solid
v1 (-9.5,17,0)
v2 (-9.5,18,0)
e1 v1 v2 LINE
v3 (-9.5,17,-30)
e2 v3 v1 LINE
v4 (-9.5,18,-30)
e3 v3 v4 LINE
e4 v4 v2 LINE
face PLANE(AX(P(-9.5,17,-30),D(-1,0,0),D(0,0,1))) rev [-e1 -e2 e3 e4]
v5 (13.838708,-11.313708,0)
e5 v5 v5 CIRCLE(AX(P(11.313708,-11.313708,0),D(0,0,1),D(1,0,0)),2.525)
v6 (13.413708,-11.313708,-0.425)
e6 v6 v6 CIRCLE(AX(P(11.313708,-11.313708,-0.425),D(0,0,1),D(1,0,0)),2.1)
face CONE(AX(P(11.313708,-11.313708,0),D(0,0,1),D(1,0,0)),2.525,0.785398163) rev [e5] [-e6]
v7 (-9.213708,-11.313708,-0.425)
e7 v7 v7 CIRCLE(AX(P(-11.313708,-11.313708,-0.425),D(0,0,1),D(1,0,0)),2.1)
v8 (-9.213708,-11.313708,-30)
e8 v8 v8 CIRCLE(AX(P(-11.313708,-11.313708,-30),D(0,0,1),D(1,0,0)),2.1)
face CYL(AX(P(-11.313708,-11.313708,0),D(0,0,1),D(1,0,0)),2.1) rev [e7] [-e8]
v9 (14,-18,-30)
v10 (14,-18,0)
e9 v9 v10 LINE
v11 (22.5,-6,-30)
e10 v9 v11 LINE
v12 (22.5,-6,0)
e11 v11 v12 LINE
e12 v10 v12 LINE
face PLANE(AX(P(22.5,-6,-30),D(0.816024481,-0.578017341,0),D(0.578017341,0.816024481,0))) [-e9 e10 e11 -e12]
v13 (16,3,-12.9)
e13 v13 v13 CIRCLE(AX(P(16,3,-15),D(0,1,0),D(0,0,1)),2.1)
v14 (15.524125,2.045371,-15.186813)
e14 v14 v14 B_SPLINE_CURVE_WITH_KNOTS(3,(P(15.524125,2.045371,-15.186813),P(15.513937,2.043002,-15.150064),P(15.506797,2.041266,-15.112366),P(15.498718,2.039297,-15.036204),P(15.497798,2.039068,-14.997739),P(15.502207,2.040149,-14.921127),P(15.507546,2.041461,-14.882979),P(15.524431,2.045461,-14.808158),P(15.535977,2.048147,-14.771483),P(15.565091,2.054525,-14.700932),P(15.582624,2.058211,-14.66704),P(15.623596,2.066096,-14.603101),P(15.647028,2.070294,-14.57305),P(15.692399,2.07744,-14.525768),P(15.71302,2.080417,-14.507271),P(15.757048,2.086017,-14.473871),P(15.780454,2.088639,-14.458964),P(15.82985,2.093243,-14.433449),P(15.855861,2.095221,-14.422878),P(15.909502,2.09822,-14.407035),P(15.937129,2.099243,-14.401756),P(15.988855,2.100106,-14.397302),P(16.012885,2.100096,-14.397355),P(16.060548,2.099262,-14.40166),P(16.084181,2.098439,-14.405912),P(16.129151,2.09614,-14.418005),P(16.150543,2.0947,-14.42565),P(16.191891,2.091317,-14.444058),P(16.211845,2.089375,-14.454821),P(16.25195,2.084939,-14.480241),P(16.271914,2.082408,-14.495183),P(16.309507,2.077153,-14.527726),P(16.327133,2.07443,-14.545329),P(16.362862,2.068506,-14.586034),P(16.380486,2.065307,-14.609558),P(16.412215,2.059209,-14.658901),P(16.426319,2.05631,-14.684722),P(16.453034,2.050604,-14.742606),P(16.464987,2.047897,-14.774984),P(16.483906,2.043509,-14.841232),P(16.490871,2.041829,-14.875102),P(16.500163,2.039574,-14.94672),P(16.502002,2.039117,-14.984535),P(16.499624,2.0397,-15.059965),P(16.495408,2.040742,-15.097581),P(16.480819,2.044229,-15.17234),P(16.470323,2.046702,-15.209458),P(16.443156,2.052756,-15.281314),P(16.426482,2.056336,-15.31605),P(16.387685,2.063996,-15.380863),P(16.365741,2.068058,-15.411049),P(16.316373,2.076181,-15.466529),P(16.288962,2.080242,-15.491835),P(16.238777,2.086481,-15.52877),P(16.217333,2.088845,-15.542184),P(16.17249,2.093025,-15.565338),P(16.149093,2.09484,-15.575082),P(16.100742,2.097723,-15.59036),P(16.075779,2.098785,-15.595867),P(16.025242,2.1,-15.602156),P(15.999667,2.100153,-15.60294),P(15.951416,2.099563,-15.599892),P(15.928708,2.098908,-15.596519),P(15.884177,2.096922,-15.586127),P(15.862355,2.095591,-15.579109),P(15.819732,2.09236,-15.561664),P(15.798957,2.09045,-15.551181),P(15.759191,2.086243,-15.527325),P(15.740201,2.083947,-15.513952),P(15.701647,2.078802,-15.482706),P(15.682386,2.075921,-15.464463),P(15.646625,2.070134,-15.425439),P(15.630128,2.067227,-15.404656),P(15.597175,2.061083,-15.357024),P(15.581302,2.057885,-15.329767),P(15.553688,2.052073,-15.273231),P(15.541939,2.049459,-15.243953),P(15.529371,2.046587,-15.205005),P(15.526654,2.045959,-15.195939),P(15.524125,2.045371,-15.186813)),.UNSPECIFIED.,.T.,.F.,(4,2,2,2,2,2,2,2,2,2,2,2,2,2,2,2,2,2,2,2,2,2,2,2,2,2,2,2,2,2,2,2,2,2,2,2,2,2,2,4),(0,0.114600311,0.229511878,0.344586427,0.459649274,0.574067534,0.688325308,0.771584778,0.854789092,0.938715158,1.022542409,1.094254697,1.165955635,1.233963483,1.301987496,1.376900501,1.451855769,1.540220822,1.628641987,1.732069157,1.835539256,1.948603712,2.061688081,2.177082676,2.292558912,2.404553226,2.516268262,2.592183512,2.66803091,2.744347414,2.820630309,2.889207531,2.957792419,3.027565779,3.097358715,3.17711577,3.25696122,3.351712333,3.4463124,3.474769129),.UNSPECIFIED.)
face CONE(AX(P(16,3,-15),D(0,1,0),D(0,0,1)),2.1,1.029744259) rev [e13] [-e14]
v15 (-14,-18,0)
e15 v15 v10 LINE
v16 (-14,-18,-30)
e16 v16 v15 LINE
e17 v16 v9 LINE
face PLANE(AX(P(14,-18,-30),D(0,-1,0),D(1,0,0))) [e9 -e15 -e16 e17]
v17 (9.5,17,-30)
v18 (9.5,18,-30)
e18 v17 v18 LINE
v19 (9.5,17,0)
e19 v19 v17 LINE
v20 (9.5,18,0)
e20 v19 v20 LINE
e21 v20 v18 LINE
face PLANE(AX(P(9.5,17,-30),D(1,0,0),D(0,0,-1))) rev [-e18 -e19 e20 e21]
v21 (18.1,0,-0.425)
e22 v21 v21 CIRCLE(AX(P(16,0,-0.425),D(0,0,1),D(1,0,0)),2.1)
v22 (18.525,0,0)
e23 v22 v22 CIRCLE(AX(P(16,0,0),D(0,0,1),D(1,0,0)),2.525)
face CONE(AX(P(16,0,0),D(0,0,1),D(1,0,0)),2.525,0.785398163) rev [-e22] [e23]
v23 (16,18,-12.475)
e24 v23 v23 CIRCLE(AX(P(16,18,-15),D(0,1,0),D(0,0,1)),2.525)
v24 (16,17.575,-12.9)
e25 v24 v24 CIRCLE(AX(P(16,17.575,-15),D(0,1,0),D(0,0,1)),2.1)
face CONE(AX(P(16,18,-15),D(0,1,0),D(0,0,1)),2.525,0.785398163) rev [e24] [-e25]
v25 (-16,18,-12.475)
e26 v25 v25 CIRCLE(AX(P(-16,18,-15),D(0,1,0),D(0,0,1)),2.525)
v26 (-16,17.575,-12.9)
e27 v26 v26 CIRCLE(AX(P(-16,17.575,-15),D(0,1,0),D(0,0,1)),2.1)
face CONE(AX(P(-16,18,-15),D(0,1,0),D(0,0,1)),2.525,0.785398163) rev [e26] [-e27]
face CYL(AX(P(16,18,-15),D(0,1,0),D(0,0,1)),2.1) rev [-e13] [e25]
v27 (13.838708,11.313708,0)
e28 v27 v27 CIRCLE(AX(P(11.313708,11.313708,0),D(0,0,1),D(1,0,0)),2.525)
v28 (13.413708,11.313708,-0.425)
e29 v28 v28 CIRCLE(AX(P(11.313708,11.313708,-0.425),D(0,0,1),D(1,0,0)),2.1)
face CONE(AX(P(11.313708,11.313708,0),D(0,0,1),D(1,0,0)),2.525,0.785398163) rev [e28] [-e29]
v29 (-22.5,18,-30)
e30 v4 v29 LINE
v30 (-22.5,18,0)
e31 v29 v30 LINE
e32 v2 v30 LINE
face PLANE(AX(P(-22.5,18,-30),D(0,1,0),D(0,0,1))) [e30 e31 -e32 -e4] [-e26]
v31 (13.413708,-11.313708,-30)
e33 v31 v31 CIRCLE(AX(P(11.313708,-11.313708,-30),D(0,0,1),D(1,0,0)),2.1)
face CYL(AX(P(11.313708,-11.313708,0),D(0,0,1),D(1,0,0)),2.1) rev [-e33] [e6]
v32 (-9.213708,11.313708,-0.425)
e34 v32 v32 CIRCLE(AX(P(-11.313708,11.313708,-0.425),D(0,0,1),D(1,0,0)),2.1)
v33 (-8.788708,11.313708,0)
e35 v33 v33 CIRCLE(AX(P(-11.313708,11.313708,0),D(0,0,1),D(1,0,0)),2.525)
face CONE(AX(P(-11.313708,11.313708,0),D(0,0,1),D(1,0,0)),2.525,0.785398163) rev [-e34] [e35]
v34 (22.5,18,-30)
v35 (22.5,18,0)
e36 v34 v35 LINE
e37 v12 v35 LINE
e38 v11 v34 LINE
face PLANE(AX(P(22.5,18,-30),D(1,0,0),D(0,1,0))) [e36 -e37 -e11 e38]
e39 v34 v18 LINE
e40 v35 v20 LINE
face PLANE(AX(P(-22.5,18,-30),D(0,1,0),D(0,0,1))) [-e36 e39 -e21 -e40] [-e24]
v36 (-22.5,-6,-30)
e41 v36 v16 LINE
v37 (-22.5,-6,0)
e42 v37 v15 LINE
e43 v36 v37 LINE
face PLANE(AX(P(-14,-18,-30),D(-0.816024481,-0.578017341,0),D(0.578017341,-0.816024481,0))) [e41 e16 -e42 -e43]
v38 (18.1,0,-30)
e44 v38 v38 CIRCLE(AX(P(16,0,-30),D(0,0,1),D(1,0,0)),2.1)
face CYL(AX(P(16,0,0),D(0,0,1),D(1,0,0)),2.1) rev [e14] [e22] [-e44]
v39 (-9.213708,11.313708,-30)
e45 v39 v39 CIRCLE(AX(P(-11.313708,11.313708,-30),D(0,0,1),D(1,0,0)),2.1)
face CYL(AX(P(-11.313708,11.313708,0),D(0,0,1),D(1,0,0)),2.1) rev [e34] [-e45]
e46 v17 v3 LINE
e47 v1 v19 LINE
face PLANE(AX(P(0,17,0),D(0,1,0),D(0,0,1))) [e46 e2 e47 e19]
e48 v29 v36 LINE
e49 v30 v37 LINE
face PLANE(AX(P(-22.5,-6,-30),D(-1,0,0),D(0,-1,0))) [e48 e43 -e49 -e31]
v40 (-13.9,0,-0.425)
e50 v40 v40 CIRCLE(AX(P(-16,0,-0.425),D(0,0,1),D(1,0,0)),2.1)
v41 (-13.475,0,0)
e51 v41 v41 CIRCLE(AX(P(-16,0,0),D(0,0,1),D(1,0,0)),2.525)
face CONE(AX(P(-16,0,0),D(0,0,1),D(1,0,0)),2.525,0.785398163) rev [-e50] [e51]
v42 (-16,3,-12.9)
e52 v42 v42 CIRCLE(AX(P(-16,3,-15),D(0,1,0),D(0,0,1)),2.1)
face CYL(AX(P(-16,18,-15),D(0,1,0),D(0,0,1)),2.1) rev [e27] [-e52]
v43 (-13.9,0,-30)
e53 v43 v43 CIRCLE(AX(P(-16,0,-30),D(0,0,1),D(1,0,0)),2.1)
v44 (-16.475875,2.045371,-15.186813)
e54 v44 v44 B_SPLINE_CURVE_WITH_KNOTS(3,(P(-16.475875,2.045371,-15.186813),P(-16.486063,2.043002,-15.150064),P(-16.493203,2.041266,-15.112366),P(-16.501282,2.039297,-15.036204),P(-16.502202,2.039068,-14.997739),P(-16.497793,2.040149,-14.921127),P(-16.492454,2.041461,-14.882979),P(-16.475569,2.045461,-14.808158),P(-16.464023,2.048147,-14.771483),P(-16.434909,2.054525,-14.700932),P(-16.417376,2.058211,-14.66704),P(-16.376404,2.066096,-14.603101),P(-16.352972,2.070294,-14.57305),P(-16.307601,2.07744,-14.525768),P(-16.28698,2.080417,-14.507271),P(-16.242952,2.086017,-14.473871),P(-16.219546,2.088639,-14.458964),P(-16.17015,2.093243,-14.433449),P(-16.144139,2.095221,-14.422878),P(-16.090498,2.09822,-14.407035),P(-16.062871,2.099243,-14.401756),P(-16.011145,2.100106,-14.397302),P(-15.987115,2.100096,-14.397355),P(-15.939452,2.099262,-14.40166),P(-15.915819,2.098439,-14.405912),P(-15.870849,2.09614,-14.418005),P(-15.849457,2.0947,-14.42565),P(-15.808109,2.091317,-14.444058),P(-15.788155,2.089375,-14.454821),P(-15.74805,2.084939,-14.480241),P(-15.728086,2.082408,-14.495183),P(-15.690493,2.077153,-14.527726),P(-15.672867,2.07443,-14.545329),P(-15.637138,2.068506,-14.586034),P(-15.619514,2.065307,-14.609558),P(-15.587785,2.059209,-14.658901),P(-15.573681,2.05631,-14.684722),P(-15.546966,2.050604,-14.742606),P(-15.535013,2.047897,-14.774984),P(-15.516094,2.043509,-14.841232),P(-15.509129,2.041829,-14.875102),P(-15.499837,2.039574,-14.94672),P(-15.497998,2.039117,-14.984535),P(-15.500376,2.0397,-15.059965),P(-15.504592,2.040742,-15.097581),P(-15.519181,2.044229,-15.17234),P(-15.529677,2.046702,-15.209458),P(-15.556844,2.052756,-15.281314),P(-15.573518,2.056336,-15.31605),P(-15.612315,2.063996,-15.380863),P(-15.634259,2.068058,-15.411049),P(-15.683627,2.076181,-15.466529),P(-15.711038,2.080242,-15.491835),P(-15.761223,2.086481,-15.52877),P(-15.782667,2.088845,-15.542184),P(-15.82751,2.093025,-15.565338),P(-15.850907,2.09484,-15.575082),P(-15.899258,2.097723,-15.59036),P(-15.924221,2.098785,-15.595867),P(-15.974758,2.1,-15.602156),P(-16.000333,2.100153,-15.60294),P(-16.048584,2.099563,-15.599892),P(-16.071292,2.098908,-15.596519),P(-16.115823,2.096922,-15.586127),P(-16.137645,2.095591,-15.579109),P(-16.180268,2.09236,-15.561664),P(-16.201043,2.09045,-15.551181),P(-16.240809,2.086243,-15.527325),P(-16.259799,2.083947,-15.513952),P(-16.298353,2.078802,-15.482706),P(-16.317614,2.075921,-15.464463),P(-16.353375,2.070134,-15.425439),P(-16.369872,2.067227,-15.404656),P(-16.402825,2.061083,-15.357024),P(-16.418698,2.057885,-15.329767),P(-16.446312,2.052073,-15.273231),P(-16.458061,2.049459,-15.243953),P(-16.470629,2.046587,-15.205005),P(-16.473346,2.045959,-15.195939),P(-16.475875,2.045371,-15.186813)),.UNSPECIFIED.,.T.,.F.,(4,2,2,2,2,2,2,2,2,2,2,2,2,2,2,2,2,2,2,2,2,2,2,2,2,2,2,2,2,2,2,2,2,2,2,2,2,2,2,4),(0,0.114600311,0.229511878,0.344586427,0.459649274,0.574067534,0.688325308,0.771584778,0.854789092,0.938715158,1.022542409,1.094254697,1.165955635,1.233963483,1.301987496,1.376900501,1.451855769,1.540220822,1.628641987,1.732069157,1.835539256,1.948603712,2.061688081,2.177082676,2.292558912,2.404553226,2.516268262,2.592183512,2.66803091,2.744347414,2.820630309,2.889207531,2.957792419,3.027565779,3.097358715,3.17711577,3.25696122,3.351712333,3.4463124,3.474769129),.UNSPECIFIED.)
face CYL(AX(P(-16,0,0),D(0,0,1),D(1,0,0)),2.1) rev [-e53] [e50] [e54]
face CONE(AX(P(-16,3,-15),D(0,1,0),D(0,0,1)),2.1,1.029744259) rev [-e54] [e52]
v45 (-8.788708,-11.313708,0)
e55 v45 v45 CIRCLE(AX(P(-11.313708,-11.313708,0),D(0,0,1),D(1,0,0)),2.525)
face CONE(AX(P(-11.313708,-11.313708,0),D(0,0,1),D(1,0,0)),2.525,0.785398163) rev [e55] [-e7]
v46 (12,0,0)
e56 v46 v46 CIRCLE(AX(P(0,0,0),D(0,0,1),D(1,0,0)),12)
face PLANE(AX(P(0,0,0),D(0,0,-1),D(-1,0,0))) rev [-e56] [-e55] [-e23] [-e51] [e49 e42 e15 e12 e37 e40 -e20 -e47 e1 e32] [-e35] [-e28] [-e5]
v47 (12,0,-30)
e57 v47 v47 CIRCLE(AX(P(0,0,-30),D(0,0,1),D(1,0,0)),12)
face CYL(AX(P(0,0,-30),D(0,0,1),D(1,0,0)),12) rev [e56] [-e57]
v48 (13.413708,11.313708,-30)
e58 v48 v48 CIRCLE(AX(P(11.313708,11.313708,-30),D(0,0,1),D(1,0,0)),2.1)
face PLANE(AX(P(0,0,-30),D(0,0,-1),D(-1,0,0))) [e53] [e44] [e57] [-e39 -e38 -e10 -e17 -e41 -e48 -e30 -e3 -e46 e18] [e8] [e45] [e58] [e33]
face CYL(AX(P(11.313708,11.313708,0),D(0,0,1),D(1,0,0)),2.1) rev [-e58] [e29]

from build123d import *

# Parameters (mm, degrees)
SKETCH_1_R                   = 12
EXTRUDE_894_DEPTH            = 30
HOLE_WIZARD_5_D              = 4.2
HOLE_WIZARD_5_CSINK_D        = 5.05
HOLE_WIZARD_5_CSINK_ANGLE    = 90
PATTERN_CIRCULAR_1906_COUNT  = 8
SKETCH_27_W                  = 19
SKETCH_27_H                  = 30
CUT_EXTRUDE_2273_DEPTH       = 1
HOLE_WIZARD_2331_D           = 4.2
HOLE_WIZARD_2331_DEPTH       = 15
HOLE_WIZARD_2331_CSINK_D     = 5.05
HOLE_WIZARD_2331_CSINK_ANGLE = 90
HOLE_WIZARD_2331_TIP         = 1.2618073


with BuildPart() as part:
    # Эскиз1 → Extrude 894 (new body)
    with BuildSketch(Plane.XY):
        Polygon((-22.5, 18), (0, 18), (22.5, 18), (22.5, -6), (14, -18), (-14, -18), (-22.5, -6), align=None)
        Circle(SKETCH_1_R, mode=Mode.SUBTRACT)
    extrude(amount=-EXTRUDE_894_DEPTH)

    # Гайка М5 (through all)
    with Locations(Plane.XY):
        with Locations((-16, 0)):
            hole_wizard_5 = CounterSinkHole(HOLE_WIZARD_5_D / 2, HOLE_WIZARD_5_CSINK_D / 2, counter_sink_angle=HOLE_WIZARD_5_CSINK_ANGLE)

    # Pattern Circular 1906: Гайка М5 ×8 about axis, 2 skipped
    pattern_circular_1906_axis = Axis((0, 0, 0), (0, 0, 1))
    add([hole_wizard_5.rotate(pattern_circular_1906_axis, i * 360 / PATTERN_CIRCULAR_1906_COUNT) for i in range(1, PATTERN_CIRCULAR_1906_COUNT) if i not in (2, 6)], mode=Mode.SUBTRACT)

    # Эскиз27 → Cut-Extrude 2273 (cut)
    with BuildSketch(Plane(origin=(0, 18, 0), x_dir=(1, 0, 0), z_dir=(0, 1, 0))):
        with Locations((0, 15)):
            Rectangle(SKETCH_27_W, SKETCH_27_H)
    extrude(amount=-CUT_EXTRUDE_2273_DEPTH, mode=Mode.SUBTRACT)

    # Hole Wizard 2331
    with Locations(Plane(origin=(0, 18, 0), x_dir=(1, 0, 0), z_dir=(0, 1, 0))):
        with Locations((16, 15), (-16, 15)):
            CounterSinkHole(HOLE_WIZARD_2331_D / 2, HOLE_WIZARD_2331_CSINK_D / 2, depth=HOLE_WIZARD_2331_DEPTH, counter_sink_angle=HOLE_WIZARD_2331_CSINK_ANGLE)
            with Locations((0, 0, -(HOLE_WIZARD_2331_DEPTH + HOLE_WIZARD_2331_TIP / 2))):  # 118° drill point
                Cone(0, HOLE_WIZARD_2331_D / 2, HOLE_WIZARD_2331_TIP, mode=Mode.SUBTRACT)


solid = part.part
